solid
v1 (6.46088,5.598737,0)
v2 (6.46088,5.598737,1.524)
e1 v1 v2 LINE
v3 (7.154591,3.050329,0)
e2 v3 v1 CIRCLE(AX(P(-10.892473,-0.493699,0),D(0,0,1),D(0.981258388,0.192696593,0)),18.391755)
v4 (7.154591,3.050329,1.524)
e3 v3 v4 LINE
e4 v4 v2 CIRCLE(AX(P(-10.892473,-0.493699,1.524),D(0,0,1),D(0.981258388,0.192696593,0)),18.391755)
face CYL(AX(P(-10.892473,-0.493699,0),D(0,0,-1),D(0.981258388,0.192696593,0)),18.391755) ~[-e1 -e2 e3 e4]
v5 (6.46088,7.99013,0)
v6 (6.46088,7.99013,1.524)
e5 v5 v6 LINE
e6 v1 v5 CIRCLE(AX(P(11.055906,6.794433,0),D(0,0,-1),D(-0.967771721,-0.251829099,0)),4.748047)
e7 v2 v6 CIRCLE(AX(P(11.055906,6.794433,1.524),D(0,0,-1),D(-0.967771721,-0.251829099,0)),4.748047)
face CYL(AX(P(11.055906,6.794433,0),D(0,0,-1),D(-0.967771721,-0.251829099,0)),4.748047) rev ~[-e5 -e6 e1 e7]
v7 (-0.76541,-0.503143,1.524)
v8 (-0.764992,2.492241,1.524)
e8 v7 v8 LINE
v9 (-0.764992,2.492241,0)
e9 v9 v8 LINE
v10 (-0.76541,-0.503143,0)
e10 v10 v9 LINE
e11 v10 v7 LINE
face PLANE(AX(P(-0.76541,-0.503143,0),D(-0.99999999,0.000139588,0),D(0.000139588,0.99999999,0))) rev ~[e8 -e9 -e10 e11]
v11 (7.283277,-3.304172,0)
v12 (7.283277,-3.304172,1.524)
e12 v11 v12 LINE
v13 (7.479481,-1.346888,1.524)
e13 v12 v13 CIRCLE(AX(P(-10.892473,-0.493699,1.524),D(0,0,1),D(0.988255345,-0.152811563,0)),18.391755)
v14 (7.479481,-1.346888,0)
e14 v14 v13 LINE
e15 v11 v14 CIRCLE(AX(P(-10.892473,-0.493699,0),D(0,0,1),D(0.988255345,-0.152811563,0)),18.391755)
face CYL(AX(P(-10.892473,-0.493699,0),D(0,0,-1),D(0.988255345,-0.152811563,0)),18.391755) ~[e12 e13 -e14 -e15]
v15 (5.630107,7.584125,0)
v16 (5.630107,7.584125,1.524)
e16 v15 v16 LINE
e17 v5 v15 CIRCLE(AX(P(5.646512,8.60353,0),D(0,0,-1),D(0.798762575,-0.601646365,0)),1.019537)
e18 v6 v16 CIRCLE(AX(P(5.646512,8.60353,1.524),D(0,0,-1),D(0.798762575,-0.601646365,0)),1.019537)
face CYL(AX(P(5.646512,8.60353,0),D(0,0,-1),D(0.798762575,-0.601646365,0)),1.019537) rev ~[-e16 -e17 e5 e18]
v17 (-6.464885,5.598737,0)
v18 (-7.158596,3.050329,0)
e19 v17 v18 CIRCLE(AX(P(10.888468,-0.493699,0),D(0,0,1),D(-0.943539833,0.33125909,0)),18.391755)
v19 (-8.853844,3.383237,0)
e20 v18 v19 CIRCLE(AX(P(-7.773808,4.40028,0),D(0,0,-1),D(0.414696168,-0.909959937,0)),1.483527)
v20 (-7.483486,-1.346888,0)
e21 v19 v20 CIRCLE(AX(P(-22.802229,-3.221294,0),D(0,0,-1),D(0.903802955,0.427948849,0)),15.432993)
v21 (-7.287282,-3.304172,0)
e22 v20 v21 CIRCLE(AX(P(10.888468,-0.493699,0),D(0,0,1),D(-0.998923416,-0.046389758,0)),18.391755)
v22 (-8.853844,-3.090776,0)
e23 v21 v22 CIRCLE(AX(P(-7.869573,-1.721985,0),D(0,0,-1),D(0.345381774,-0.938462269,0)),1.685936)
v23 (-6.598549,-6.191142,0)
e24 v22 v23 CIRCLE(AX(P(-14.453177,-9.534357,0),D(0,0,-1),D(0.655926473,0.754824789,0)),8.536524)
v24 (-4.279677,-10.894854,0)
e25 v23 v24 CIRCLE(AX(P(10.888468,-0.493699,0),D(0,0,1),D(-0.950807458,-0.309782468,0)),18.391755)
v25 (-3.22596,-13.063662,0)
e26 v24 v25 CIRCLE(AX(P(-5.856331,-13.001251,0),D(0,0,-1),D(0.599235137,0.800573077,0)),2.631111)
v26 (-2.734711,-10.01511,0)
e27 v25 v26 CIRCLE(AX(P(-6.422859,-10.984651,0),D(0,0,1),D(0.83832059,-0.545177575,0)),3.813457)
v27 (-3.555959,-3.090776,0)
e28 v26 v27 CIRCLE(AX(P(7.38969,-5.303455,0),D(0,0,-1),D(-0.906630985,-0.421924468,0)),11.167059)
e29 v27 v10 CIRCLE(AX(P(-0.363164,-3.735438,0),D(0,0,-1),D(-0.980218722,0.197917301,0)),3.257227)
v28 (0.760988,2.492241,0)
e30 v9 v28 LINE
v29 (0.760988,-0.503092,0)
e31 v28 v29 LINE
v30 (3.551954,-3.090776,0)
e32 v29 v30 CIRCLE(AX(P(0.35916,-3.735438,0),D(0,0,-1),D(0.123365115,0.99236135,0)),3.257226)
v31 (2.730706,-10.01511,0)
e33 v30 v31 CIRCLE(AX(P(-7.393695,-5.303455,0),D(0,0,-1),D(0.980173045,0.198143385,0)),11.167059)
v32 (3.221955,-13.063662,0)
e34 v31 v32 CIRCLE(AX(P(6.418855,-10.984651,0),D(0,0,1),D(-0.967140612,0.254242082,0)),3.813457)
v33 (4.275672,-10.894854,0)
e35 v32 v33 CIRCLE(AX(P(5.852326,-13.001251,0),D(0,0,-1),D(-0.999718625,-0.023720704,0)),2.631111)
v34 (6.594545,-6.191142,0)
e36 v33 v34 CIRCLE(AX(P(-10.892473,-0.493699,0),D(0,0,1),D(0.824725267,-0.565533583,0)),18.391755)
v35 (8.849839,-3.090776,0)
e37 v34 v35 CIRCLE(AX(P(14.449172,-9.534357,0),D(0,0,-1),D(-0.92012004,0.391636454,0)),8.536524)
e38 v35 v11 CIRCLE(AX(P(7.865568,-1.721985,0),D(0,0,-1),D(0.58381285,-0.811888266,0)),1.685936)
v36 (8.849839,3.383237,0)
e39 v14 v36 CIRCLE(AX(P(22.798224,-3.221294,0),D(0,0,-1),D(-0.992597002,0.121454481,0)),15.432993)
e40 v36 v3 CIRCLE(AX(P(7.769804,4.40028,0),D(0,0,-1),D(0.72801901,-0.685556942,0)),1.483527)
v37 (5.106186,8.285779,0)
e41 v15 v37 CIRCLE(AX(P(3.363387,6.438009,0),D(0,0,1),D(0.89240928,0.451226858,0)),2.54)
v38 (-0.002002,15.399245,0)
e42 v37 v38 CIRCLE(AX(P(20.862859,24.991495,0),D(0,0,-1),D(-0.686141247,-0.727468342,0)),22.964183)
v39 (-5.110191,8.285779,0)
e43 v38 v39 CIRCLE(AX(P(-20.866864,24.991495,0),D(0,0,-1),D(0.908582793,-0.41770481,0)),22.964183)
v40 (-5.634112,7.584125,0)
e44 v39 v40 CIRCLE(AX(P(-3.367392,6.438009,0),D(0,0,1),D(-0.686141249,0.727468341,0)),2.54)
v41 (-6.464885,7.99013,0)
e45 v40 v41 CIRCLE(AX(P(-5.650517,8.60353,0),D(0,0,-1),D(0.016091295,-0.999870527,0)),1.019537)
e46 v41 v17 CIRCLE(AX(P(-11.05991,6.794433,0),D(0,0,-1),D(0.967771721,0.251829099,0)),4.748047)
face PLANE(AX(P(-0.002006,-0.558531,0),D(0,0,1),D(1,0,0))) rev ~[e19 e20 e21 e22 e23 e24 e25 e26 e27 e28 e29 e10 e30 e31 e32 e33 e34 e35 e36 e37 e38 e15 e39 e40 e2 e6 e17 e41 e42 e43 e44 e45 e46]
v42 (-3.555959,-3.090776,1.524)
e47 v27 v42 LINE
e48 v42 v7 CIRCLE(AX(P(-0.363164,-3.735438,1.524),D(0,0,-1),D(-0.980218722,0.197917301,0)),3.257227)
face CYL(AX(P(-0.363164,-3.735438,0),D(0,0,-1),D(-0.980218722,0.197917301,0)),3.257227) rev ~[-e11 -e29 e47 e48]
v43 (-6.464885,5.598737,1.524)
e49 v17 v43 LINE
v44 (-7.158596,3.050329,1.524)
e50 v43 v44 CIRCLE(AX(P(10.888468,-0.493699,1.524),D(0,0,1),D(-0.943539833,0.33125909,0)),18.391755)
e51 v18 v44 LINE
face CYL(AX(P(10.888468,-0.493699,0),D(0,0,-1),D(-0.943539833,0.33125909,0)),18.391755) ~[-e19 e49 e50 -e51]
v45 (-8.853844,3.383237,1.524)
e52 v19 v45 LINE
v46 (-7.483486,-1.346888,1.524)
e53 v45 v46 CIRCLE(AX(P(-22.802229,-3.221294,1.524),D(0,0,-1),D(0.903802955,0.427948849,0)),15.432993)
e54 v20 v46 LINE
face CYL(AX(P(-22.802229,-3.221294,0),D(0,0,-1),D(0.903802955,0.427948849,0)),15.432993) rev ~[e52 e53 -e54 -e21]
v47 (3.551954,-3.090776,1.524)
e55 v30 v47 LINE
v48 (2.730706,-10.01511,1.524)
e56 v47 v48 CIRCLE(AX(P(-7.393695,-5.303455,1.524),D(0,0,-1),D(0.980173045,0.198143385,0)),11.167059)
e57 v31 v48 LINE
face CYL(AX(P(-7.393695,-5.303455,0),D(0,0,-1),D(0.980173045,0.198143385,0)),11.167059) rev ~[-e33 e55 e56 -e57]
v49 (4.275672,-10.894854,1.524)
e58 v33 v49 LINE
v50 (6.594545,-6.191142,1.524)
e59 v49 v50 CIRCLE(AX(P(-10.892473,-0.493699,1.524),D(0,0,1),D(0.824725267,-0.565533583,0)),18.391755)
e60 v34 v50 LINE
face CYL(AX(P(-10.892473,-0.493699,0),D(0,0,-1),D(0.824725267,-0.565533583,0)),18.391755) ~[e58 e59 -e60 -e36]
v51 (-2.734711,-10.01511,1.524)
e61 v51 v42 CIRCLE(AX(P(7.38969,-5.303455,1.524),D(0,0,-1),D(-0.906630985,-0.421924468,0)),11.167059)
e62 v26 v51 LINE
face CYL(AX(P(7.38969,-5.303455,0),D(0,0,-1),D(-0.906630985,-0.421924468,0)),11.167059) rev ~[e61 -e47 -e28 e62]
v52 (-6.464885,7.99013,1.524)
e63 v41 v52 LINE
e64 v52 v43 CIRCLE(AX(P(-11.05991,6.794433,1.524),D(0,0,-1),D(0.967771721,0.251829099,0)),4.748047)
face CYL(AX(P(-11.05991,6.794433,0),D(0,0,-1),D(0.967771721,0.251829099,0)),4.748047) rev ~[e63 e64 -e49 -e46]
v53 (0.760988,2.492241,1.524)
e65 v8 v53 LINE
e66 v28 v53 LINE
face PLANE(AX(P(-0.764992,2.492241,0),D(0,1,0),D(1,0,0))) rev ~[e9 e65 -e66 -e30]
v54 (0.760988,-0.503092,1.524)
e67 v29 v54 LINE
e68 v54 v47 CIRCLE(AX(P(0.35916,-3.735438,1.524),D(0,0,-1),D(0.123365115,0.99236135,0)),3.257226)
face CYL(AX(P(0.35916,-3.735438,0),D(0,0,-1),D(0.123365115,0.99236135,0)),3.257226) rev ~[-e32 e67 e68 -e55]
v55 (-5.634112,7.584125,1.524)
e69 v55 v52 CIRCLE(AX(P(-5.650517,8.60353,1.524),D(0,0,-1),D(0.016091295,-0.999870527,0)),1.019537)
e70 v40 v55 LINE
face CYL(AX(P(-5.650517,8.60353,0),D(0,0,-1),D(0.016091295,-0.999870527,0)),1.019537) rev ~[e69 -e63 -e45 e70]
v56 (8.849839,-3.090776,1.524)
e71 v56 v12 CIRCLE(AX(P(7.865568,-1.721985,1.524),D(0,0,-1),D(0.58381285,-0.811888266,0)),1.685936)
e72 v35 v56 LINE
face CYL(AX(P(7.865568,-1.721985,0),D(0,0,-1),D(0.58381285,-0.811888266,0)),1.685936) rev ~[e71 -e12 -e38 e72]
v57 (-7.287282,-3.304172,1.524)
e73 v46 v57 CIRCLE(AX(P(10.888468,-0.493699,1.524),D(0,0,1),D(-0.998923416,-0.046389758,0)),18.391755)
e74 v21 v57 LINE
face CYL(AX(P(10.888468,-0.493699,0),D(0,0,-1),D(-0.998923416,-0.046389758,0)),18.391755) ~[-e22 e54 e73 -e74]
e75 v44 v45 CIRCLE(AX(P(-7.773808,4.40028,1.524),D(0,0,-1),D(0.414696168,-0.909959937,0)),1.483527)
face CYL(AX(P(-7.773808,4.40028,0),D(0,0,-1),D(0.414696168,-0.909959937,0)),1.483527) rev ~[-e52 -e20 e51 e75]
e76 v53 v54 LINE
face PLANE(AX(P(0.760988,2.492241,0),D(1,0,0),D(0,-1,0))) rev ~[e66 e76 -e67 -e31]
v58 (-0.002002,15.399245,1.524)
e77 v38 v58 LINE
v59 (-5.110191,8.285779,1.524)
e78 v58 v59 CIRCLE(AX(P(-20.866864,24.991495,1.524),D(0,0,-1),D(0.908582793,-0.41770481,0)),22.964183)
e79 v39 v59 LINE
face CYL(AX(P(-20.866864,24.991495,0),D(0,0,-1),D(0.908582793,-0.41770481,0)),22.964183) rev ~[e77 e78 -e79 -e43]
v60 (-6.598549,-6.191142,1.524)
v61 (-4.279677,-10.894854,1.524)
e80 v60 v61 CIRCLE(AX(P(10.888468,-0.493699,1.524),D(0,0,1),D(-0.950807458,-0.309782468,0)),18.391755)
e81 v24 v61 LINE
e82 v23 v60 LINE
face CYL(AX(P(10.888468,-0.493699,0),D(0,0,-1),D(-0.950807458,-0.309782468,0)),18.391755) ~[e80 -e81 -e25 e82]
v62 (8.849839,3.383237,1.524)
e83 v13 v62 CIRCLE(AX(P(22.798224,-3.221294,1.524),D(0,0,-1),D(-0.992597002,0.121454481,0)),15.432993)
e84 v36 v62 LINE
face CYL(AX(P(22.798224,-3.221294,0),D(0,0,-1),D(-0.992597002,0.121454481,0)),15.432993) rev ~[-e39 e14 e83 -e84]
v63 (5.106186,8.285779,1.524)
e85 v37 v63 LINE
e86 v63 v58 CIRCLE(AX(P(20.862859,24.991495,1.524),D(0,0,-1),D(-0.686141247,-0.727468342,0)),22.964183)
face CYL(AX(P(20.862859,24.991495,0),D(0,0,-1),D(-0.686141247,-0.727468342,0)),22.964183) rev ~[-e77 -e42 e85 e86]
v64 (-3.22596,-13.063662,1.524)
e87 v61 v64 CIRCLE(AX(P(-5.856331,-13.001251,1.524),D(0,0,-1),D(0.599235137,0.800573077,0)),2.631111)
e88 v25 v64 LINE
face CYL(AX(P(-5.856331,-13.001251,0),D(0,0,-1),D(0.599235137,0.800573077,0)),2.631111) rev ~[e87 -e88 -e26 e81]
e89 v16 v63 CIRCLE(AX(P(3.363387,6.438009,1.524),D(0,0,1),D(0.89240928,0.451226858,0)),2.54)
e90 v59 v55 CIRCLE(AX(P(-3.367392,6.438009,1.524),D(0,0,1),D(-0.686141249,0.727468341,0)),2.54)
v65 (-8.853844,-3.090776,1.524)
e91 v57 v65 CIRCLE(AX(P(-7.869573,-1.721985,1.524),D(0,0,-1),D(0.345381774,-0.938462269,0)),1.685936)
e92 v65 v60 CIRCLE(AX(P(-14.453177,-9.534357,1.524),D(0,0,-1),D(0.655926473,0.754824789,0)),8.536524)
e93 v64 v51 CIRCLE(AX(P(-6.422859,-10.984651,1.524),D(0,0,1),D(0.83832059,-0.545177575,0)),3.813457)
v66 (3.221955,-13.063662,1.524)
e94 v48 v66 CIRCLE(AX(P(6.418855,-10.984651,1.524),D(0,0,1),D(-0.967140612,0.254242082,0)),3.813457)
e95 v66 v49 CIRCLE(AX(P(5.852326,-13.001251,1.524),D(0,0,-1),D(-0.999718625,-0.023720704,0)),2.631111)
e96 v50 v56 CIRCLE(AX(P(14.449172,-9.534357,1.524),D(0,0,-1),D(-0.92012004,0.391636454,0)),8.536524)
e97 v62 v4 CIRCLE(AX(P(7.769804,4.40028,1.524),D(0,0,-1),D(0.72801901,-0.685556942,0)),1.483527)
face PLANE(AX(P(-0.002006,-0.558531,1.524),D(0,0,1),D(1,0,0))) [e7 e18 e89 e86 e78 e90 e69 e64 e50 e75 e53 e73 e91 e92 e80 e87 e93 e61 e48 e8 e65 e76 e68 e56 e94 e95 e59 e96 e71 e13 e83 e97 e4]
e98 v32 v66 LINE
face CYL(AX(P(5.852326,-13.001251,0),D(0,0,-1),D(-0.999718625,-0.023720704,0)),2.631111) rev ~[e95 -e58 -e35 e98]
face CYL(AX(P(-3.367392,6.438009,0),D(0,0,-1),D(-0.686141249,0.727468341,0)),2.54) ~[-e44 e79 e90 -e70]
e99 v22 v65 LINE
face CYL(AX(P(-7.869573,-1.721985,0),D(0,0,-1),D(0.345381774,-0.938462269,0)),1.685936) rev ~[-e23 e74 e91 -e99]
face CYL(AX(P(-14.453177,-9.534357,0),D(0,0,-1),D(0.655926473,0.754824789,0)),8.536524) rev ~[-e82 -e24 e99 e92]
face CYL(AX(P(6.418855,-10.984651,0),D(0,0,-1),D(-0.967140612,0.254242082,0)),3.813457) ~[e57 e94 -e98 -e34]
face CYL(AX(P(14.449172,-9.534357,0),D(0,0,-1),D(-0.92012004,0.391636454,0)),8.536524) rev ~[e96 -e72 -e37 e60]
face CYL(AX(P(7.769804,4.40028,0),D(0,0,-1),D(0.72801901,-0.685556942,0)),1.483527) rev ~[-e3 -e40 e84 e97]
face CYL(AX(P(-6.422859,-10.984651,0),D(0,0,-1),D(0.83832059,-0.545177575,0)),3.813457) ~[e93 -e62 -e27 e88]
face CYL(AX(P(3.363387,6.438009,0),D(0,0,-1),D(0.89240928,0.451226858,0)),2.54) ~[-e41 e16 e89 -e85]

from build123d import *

# Parameters (mm, degrees)
BOSS_EXTRUDE2_DEPTH = 1.524


with BuildPart() as part:
    # Sketch1 → Boss-Extrude2 (new body)
    with BuildSketch(Plane.XY):
        with BuildLine():
            Line((-0.765410013, -0.503143286), (-0.764991894, 2.492240818))
            Line((-0.764991894, 2.492240818), (0.760988125, 2.492240818))
            Line((0.760988125, 2.492240818), (0.760988125, -0.503092163))
            ThreePointArc((0.760988125, -0.503092163), (2.573737831, -1.346888202), (3.55195433, -3.090776309))
            ThreePointArc((3.55195433, -3.090776309), (3.695640119, -6.618686281), (2.730705837, -10.015110313))
            ThreePointArc((2.730705837, -10.015110313), (2.653965632, -11.591332876), (3.221955388, -13.063662413))
            ThreePointArc((3.221955388, -13.063662413), (3.485746852, -11.851447246), (4.275671769, -10.894854243))
            ThreePointArc((4.275671769, -10.894854243), (5.603621463, -8.626073328), (6.594544537, -6.191142388))
            ThreePointArc((6.594544537, -6.191142388), (7.545888132, -4.512710917), (8.849839361, -3.090776309))
            ThreePointArc((8.849839361, -3.090776309), (8.093123436, -3.392493185), (7.283276893, -3.30417195))
            ThreePointArc((7.283276893, -3.30417195), (7.407565604, -2.328155091), (7.47948144, -1.346888202))
            ThreePointArc((7.47948144, -1.346888202), (7.974772805, 1.073186615), (8.849839361, 3.383237301))
            ThreePointArc((8.849839361, 3.383237301), (8.055674116, 2.944556231), (7.154590571, 3.050329405))
            ThreePointArc((7.154590571, 3.050329405), (6.853539824, 4.337001735), (6.46088015, 5.598736896))
            ThreePointArc((6.46088015, 5.598736896), (6.307858777, 6.794433229), (6.46088015, 7.990129562))
            ThreePointArc((6.46088015, 7.990129562), (6.094168188, 7.687528271), (5.630106714, 7.584125409))
            ThreePointArc((5.630106714, 7.584125409), (5.398611626, 7.957700377), (5.106185913, 8.285778776))
            ThreePointArc((5.106185913, 8.285778776), (2.209855231, 11.5967516), (-0.002002475, 15.39924525))
            ThreePointArc((-0.002002475, 15.39924525), (-2.213860181, 11.5967516), (-5.110190864, 8.285778776))
            ThreePointArc((-5.110190864, 8.285778776), (-5.402616576, 7.957700377), (-5.634111665, 7.584125409))
            ThreePointArc((-5.634111665, 7.584125409), (-6.098173139, 7.687528271), (-6.4648851, 7.990129562))
            ThreePointArc((-6.4648851, 7.990129562), (-6.311863727, 6.794433229), (-6.4648851, 5.598736896))
            ThreePointArc((-6.4648851, 5.598736896), (-6.857544775, 4.337001735), (-7.158595522, 3.050329405))
            ThreePointArc((-7.158595522, 3.050329405), (-8.059679066, 2.944556231), (-8.853844312, 3.383237301))
            ThreePointArc((-8.853844312, 3.383237301), (-7.978777755, 1.073186615), (-7.48348639, -1.346888202))
            ThreePointArc((-7.48348639, -1.346888202), (-7.411570554, -2.328155091), (-7.287281843, -3.30417195))
            ThreePointArc((-7.287281843, -3.30417195), (-8.097128387, -3.392493185), (-8.853844312, -3.090776309))
            ThreePointArc((-8.853844312, -3.090776309), (-7.549893082, -4.512710917), (-6.598549488, -6.191142388))
            ThreePointArc((-6.598549488, -6.191142388), (-5.607626413, -8.626073328), (-4.27967672, -10.894854243))
            ThreePointArc((-4.27967672, -10.894854243), (-3.489751802, -11.851447246), (-3.225960338, -13.063662413))
            ThreePointArc((-3.225960338, -13.063662413), (-2.657970582, -11.591332876), (-2.734710788, -10.015110313))
            ThreePointArc((-2.734710788, -10.015110313), (-3.69964507, -6.618686281), (-3.555959281, -3.090776309))
            ThreePointArc((-3.555959281, -3.090776309), (-2.577896844, -1.347030777), (-0.765410013, -0.503143286))
        make_face()
    extrude(amount=BOSS_EXTRUDE2_DEPTH)


solid = part.part
